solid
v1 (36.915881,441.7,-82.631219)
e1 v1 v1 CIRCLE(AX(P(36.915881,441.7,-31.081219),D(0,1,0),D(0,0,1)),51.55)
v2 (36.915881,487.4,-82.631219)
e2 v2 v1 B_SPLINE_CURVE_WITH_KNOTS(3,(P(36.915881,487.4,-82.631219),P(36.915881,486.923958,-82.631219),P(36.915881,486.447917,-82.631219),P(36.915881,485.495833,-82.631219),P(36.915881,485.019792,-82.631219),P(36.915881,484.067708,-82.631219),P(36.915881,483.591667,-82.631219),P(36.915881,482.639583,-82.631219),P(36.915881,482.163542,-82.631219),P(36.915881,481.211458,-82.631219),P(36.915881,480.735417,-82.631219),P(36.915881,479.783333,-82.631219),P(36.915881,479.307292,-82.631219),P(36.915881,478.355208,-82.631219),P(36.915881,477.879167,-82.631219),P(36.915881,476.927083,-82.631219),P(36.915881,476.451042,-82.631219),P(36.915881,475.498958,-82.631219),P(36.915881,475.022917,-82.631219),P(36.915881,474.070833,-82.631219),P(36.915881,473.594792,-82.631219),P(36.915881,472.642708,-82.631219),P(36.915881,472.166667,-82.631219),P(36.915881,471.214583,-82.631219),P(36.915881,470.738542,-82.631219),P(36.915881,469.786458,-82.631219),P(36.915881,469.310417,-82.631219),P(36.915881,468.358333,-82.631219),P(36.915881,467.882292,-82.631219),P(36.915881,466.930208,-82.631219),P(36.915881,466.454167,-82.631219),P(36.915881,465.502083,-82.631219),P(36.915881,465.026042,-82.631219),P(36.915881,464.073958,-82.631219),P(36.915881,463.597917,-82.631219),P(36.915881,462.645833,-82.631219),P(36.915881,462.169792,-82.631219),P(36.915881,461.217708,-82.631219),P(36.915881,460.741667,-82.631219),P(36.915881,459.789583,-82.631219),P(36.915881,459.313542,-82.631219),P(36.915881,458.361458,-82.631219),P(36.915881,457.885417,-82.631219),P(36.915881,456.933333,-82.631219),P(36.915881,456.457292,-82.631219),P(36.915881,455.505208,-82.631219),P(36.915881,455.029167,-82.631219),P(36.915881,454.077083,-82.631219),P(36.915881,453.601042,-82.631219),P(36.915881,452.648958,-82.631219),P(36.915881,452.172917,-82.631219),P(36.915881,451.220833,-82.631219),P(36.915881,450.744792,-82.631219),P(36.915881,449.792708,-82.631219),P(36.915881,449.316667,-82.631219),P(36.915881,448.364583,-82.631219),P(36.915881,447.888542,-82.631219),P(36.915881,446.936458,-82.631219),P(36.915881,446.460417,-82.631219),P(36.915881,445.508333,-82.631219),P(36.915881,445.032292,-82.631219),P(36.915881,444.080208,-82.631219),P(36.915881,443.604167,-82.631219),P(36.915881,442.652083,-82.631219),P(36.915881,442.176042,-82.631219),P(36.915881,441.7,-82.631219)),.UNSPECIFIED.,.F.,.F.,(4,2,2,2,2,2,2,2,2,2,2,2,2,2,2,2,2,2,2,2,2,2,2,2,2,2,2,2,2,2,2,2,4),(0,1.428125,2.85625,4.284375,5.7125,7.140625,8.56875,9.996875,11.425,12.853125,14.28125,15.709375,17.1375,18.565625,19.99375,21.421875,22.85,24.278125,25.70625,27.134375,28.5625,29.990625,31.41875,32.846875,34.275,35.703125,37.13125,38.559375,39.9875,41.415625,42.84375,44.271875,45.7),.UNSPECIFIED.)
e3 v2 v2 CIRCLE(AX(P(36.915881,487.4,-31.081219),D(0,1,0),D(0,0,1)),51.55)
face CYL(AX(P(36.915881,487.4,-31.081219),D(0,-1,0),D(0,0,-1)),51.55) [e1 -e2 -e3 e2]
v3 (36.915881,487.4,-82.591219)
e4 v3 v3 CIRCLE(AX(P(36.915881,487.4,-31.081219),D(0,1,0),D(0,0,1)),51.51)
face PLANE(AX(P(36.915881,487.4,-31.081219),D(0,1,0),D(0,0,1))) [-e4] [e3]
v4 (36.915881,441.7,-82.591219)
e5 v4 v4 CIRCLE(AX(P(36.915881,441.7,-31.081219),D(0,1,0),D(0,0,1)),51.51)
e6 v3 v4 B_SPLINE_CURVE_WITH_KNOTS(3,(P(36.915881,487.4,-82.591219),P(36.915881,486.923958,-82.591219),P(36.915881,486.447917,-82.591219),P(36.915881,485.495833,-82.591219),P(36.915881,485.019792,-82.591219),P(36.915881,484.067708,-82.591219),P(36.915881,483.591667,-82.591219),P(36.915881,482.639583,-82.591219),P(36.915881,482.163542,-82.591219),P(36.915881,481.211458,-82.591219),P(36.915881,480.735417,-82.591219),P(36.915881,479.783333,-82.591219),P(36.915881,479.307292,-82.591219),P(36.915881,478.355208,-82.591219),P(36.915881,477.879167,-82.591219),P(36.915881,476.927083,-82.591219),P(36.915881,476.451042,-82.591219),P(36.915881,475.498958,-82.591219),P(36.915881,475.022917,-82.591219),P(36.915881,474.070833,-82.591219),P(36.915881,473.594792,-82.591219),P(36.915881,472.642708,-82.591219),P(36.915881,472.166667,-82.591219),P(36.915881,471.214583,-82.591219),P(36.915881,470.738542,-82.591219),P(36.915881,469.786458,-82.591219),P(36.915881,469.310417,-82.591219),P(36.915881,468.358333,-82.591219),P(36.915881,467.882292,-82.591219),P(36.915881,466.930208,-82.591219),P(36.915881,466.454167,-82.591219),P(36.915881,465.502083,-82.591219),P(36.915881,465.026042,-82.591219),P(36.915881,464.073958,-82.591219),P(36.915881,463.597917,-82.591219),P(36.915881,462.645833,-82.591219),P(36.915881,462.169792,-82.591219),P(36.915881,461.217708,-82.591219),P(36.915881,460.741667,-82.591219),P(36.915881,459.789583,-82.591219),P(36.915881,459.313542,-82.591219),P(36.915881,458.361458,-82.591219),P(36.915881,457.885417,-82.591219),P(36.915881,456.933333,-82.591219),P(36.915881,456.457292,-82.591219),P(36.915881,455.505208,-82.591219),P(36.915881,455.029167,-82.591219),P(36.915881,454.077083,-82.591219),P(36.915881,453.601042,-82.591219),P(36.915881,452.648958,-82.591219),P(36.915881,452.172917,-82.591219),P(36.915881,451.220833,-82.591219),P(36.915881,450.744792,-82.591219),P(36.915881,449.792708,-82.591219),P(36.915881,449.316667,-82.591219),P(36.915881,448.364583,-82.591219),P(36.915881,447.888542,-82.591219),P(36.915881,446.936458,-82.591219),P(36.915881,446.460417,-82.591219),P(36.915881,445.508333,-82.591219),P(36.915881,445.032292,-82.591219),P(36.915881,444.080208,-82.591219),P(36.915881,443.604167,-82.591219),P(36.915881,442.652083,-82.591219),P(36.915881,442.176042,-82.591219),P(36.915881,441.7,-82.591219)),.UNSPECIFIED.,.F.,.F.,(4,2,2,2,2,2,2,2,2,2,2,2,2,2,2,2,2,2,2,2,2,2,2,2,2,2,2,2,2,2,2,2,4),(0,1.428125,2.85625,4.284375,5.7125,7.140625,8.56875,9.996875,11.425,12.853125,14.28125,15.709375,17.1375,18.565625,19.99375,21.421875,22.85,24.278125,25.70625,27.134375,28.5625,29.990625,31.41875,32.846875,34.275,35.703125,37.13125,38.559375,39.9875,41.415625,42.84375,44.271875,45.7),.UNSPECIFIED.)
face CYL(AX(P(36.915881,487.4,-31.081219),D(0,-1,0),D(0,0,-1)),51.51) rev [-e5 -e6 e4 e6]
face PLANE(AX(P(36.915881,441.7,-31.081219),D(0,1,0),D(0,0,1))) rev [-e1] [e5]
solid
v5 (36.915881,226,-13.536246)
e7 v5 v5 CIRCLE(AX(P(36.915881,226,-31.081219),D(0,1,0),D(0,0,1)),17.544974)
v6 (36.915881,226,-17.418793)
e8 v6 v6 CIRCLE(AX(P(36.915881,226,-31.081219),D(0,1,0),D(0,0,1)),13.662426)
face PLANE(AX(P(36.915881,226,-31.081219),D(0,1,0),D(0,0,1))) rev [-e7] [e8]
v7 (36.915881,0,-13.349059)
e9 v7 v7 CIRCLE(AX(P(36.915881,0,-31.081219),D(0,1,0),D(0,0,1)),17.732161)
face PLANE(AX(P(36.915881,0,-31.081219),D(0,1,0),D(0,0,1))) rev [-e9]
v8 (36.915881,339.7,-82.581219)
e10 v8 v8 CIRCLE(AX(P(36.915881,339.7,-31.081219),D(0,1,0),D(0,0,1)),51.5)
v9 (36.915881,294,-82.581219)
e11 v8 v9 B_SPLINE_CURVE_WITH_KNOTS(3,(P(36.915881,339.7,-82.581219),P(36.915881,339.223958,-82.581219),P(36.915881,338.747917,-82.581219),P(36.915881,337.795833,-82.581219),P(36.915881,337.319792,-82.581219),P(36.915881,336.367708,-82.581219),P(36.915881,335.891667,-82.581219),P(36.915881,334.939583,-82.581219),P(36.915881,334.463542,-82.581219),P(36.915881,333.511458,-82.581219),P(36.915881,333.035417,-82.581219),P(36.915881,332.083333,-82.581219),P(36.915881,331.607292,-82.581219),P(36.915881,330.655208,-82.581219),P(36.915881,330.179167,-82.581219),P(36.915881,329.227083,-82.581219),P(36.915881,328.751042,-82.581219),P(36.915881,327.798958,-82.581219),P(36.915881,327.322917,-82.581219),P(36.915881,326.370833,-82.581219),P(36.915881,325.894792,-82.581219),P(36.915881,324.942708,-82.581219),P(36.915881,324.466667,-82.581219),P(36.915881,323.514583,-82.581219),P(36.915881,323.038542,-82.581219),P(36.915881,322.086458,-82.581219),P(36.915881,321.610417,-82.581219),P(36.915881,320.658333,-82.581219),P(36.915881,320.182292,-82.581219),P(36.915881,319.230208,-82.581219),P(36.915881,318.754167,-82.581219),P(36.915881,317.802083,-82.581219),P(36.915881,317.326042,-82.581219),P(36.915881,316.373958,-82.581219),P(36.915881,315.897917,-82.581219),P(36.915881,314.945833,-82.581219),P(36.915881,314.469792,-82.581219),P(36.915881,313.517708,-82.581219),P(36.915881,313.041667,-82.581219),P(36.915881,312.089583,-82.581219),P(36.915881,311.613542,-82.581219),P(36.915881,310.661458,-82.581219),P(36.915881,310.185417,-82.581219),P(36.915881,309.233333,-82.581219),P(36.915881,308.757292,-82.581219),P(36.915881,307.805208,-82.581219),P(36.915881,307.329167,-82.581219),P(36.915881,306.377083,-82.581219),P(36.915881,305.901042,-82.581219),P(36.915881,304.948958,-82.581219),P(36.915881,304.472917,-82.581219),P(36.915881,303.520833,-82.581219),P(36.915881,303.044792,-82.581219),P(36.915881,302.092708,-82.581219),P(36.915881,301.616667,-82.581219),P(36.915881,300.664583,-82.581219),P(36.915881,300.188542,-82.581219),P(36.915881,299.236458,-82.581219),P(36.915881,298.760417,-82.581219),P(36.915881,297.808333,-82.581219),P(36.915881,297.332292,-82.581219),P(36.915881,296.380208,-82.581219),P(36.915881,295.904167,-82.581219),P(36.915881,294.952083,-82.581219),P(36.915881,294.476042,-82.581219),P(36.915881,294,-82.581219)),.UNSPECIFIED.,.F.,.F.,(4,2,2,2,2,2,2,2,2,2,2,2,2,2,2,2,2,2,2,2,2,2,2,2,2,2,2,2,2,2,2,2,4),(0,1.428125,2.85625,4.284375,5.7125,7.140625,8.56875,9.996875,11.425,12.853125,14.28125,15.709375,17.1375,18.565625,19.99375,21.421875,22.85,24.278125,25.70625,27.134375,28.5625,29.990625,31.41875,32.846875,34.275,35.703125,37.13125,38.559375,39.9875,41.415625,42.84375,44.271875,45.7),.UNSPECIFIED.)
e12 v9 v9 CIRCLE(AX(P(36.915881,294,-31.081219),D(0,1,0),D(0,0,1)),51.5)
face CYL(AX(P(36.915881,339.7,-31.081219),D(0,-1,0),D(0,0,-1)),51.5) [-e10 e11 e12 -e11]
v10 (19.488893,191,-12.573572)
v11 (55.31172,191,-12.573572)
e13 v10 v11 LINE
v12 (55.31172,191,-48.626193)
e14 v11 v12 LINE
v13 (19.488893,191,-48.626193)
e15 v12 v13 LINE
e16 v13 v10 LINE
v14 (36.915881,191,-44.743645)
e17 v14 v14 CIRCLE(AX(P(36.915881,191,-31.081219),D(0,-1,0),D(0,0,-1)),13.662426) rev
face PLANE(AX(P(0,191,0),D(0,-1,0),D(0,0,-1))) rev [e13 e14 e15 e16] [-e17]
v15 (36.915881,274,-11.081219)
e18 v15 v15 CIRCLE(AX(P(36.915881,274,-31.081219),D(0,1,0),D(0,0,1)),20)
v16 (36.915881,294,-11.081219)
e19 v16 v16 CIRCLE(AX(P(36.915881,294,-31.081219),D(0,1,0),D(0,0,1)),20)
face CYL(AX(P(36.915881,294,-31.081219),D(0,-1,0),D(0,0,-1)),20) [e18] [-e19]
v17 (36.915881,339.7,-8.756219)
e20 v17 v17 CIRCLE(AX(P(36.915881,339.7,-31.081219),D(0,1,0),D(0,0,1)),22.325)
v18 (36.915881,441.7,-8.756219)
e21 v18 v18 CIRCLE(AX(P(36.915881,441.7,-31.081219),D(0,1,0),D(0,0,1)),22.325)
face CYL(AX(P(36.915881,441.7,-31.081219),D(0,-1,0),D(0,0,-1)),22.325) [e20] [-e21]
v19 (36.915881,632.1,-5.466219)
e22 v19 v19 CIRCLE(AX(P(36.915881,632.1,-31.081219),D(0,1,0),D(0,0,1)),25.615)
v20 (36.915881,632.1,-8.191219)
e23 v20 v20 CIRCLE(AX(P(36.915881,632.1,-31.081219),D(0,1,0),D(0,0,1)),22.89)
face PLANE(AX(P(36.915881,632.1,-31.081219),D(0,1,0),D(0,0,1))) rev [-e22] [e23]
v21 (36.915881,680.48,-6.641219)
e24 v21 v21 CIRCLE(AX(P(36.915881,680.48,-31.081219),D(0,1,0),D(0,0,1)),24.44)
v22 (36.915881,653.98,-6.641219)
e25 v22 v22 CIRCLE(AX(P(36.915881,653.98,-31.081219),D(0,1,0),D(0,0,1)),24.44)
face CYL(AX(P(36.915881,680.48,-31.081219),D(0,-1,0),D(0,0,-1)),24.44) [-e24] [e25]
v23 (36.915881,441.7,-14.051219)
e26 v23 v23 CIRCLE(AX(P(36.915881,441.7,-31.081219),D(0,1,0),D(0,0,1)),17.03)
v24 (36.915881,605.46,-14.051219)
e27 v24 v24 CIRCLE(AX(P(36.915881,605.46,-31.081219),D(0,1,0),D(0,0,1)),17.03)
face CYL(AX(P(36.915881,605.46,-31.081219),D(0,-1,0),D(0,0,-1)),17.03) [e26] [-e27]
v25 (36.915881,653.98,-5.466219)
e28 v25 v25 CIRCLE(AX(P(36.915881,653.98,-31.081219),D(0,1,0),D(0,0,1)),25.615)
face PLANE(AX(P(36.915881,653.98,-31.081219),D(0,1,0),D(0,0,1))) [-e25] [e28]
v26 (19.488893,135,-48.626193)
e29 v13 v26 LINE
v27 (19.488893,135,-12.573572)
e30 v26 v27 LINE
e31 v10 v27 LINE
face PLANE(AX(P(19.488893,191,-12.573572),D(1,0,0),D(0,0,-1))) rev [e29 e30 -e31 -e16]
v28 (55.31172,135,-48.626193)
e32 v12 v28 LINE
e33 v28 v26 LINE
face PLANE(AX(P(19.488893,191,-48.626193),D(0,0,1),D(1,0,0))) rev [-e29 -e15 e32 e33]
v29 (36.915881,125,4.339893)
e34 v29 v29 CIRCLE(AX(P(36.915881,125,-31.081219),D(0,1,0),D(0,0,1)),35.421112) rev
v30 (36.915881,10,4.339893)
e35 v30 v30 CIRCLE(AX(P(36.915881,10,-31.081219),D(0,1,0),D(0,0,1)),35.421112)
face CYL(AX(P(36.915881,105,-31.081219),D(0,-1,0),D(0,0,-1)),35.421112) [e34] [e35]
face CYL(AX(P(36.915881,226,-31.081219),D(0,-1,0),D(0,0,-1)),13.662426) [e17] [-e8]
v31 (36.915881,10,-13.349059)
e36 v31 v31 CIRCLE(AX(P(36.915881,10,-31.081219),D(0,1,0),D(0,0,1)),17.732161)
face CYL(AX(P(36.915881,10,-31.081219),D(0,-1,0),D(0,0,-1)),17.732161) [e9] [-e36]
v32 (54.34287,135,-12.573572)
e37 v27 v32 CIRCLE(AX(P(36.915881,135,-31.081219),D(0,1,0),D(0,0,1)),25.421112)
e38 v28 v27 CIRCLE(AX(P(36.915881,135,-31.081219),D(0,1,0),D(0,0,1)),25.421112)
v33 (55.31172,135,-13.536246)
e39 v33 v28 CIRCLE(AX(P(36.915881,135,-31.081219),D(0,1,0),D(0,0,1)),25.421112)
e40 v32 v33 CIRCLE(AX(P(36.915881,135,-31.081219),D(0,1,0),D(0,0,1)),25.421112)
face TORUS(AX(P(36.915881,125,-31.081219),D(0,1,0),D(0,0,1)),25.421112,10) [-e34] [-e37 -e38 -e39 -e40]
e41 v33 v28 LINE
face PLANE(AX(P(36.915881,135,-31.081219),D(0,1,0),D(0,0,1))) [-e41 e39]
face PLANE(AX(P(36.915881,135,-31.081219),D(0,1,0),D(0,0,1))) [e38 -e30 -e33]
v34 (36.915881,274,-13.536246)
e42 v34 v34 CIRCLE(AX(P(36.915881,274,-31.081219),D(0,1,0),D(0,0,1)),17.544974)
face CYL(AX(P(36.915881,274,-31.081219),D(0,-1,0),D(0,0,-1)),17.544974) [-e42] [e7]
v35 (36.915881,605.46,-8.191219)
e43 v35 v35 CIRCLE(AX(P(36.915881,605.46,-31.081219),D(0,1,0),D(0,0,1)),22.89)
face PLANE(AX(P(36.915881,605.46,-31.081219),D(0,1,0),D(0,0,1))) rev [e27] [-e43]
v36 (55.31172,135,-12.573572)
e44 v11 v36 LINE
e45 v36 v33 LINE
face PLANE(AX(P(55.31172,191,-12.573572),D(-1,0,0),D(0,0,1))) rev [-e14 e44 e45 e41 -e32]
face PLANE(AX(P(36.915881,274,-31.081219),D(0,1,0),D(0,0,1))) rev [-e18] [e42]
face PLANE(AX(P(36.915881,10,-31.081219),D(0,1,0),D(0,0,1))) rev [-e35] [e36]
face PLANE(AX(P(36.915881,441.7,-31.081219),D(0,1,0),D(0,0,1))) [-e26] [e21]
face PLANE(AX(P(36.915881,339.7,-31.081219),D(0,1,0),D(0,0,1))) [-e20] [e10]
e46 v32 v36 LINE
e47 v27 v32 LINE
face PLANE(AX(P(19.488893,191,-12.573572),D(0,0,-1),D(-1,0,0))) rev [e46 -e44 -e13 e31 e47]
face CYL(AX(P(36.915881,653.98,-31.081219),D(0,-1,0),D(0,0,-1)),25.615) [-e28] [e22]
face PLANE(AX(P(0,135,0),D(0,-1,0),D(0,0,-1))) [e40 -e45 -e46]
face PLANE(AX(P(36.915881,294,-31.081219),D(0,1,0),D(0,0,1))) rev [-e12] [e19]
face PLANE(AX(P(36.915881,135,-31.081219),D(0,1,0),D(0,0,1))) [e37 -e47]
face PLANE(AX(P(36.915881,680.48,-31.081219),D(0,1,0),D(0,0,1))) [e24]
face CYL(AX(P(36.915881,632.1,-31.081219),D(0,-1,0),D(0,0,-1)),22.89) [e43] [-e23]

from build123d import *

# Parameters (mm, degrees)
SKETCH_6_R       = 17.732160556
EXTRUDE_4_DEPTH  = 10
SKETCH_7_R       = 35.421112471
EXTRUDE_5_DEPTH  = 95
SKETCH_8_R       = 35.421112471
EXTRUDE_6_DEPTH  = 30
FILLET_1_R       = 10
SKETCH_9_W       = 35.822826906
SKETCH_9_H       = 36.052621251
EXTRUDE_7_DEPTH  = 56
SKETCH_10_R      = 13.662426113
EXTRUDE_8_DEPTH  = 35
SKETCH_11_R      = 17.544973597
EXTRUDE_9_DEPTH  = 48
SKETCH_12_R      = 12.5
EXTRUDE_10_DEPTH = 20
SKETCH_14_R      = 20
EXTRUDE_12_DEPTH = 20
SKETCH_13_R      = 49
SKETCH_13_R_2    = 36
EXTRUDE_13_DEPTH = 20
SKETCH_15_R      = 51.5
EXTRUDE_14_DEPTH = 45.7
SKETCH_16_R      = 22.325
EXTRUDE_17_DEPTH = 102
SKETCH_17_R      = 51.55
SKETCH_17_R_2    = 51.51
EXTRUDE_19_DEPTH = 45.7
SKETCH_18_R      = 17.03
EXTRUDE_20_DEPTH = 163.76
SKETCH_19_R      = 22.89
EXTRUDE_21_DEPTH = 26.64
SKETCH_20_R      = 25.615
EXTRUDE_22_DEPTH = 21.88
SKETCH_21_R      = 24.44
EXTRUDE_23_DEPTH = 26.5


with BuildPart() as part:
    # 草图6 → 凸台-拉伸4 (new body)
    with BuildSketch(Plane(origin=(0, 0, 0), x_dir=(1, 0, 0), z_dir=(0, 1, 0))):
        with Locations(Location((36.915881384, 31.081219188, 0), (0, 0, 270))):
            Circle(SKETCH_6_R)
    extrude(amount=EXTRUDE_4_DEPTH)

    # 草图7 → 凸台-拉伸5 (add)
    with BuildSketch(Plane(origin=(0, 10, 0), x_dir=(1, 0, 0), z_dir=(0, 1, 0))):
        with Locations(Location((36.915881384, 31.081219188, 0), (0, 0, 270))):
            Circle(SKETCH_7_R)
    extrude(amount=EXTRUDE_5_DEPTH)

    # 草图8 → 凸台-拉伸6 (add)
    with BuildSketch(Plane(origin=(0, 105, 0), x_dir=(1, 0, 0), z_dir=(0, 1, 0))):
        with Locations(Location((36.915881384, 31.081219188, 0), (0, 0, 270))):
            Circle(SKETCH_8_R)
    extrude(amount=EXTRUDE_6_DEPTH)

    # 圆角1
    fillet_1_edges = [part.edges().sort_by_distance(p)[0] for p in [
        (36.915881384, 135, -66.502331659),
    ]]
    fillet(fillet_1_edges, radius=FILLET_1_R)

    # 草图9 → 凸台-拉伸7 (add)
    with BuildSketch(Plane(origin=(0, 135, 0), x_dir=(1, 0, 0), z_dir=(0, 1, 0))):
        with Locations((37.400306067, 30.59988216)):
            Rectangle(SKETCH_9_W, SKETCH_9_H)
    extrude(amount=EXTRUDE_7_DEPTH)

    # 草图10 → 凸台-拉伸8 (add)
    with BuildSketch(Plane(origin=(0, 191, 0), x_dir=(1, 0, 0), z_dir=(0, 1, 0))):
        with Locations(Location((36.915881384, 31.081219188, 0), (0, 0, 90))):
            Circle(SKETCH_10_R)
    extrude(amount=EXTRUDE_8_DEPTH)

    # 草图11 → 凸台-拉伸9 (add)
    with BuildSketch(Plane(origin=(0, 226, 0), x_dir=(1, 0, 0), z_dir=(0, 1, 0))):
        with Locations(Location((36.915881384, 31.081219188, 0), (0, 0, 270))):
            Circle(SKETCH_11_R)
    extrude(amount=EXTRUDE_9_DEPTH)

    # 草图12 → 凸台-拉伸10 (add)
    with BuildSketch(Plane(origin=(0, 274, 0), x_dir=(1, 0, 0), z_dir=(0, 1, 0))):
        with Locations(Location((36.915881384, 31.081219188, 0), (0, 0, 270))):
            Circle(SKETCH_12_R)
    extrude(amount=EXTRUDE_10_DEPTH)

    # 草图14 → 凸台-拉伸12 (add)
    with BuildSketch(Plane(origin=(0, 274, 0), x_dir=(1, 0, 0), z_dir=(0, 1, 0))):
        with Locations(Location((36.915881384, 31.081219188, 0), (0, 0, 270))):
            Circle(SKETCH_14_R)
    extrude(amount=EXTRUDE_12_DEPTH)



with BuildPart() as body_2:
    # 草图13 → 凸台-拉伸13 (new body)
    with BuildSketch(Plane(origin=(0, 294, 0), x_dir=(1, 0, 0), z_dir=(0, 1, 0))):
        with Locations(Location((36.915881384, 31.081219188, 0), (0, 0, 270))):
            Circle(SKETCH_13_R)
        with Locations(Location((36.915881384, 31.081219188, 0), (0, 0, 270))):
            Circle(SKETCH_13_R_2, mode=Mode.SUBTRACT)
    extrude(amount=EXTRUDE_13_DEPTH)


with BuildPart() as part_1:
    add(part.part)

    add(body_2.part)  # 凸台-拉伸14 merges body 2
    # 草图15 → 凸台-拉伸14 (add)
    with BuildSketch(Plane(origin=(0, 294, 0), x_dir=(1, 0, 0), z_dir=(0, 1, 0))):
        with Locations(Location((36.915881384, 31.081219188, 0), (0, 0, 90))):
            Circle(SKETCH_15_R)
    extrude(amount=EXTRUDE_14_DEPTH)

    # 草图16 → 凸台-拉伸17 (add)
    with BuildSketch(Plane(origin=(0, 339.7, 0), x_dir=(1, 0, 0), z_dir=(0, 1, 0))):
        with Locations(Location((36.915881384, 31.081219188, 0), (0, 0, 270))):
            Circle(SKETCH_16_R)
    extrude(amount=EXTRUDE_17_DEPTH)

    # 草图18 → 凸台-拉伸20 (add)
    with BuildSketch(Plane(origin=(0, 441.7, 0), x_dir=(1, 0, 0), z_dir=(0, 1, 0))):
        with Locations(Location((36.915881384, 31.081219188, 0), (0, 0, 270))):
            Circle(SKETCH_18_R)
    extrude(amount=EXTRUDE_20_DEPTH)

    # 草图19 → 凸台-拉伸21 (add)
    with BuildSketch(Plane(origin=(0, 605.46, 0), x_dir=(1, 0, 0), z_dir=(0, 1, 0))):
        with Locations(Location((36.915881384, 31.081219188, 0), (0, 0, 270))):
            Circle(SKETCH_19_R)
    extrude(amount=EXTRUDE_21_DEPTH)

    # 草图20 → 凸台-拉伸22 (add)
    with BuildSketch(Plane(origin=(0, 632.1, 0), x_dir=(1, 0, 0), z_dir=(0, 1, 0))):
        with Locations(Location((36.915881384, 31.081219188, 0), (0, 0, 270))):
            Circle(SKETCH_20_R)
    extrude(amount=EXTRUDE_22_DEPTH)

    # 草图21 → 凸台-拉伸23 (add)
    with BuildSketch(Plane(origin=(0, 653.98, 0), x_dir=(1, 0, 0), z_dir=(0, 1, 0))):
        with Locations(Location((36.915881384, 31.081219188, 0), (0, 0, 270))):
            Circle(SKETCH_21_R)
    extrude(amount=EXTRUDE_23_DEPTH)


with BuildPart() as body_2_2:
    # 草图17 → 凸台-拉伸19 (new body)
    with BuildSketch(Plane(origin=(0, 441.7, 0), x_dir=(1, 0, 0), z_dir=(0, 1, 0))):
        with Locations(Location((36.915881384, 31.081219188, 0), (0, 0, 90))):
            Circle(SKETCH_17_R)
        with Locations(Location((36.915881384, 31.081219188, 0), (0, 0, 90))):
            Circle(SKETCH_17_R_2, mode=Mode.SUBTRACT)
    extrude(amount=EXTRUDE_19_DEPTH)


solid = Compound([part_1.part, body_2_2.part])
